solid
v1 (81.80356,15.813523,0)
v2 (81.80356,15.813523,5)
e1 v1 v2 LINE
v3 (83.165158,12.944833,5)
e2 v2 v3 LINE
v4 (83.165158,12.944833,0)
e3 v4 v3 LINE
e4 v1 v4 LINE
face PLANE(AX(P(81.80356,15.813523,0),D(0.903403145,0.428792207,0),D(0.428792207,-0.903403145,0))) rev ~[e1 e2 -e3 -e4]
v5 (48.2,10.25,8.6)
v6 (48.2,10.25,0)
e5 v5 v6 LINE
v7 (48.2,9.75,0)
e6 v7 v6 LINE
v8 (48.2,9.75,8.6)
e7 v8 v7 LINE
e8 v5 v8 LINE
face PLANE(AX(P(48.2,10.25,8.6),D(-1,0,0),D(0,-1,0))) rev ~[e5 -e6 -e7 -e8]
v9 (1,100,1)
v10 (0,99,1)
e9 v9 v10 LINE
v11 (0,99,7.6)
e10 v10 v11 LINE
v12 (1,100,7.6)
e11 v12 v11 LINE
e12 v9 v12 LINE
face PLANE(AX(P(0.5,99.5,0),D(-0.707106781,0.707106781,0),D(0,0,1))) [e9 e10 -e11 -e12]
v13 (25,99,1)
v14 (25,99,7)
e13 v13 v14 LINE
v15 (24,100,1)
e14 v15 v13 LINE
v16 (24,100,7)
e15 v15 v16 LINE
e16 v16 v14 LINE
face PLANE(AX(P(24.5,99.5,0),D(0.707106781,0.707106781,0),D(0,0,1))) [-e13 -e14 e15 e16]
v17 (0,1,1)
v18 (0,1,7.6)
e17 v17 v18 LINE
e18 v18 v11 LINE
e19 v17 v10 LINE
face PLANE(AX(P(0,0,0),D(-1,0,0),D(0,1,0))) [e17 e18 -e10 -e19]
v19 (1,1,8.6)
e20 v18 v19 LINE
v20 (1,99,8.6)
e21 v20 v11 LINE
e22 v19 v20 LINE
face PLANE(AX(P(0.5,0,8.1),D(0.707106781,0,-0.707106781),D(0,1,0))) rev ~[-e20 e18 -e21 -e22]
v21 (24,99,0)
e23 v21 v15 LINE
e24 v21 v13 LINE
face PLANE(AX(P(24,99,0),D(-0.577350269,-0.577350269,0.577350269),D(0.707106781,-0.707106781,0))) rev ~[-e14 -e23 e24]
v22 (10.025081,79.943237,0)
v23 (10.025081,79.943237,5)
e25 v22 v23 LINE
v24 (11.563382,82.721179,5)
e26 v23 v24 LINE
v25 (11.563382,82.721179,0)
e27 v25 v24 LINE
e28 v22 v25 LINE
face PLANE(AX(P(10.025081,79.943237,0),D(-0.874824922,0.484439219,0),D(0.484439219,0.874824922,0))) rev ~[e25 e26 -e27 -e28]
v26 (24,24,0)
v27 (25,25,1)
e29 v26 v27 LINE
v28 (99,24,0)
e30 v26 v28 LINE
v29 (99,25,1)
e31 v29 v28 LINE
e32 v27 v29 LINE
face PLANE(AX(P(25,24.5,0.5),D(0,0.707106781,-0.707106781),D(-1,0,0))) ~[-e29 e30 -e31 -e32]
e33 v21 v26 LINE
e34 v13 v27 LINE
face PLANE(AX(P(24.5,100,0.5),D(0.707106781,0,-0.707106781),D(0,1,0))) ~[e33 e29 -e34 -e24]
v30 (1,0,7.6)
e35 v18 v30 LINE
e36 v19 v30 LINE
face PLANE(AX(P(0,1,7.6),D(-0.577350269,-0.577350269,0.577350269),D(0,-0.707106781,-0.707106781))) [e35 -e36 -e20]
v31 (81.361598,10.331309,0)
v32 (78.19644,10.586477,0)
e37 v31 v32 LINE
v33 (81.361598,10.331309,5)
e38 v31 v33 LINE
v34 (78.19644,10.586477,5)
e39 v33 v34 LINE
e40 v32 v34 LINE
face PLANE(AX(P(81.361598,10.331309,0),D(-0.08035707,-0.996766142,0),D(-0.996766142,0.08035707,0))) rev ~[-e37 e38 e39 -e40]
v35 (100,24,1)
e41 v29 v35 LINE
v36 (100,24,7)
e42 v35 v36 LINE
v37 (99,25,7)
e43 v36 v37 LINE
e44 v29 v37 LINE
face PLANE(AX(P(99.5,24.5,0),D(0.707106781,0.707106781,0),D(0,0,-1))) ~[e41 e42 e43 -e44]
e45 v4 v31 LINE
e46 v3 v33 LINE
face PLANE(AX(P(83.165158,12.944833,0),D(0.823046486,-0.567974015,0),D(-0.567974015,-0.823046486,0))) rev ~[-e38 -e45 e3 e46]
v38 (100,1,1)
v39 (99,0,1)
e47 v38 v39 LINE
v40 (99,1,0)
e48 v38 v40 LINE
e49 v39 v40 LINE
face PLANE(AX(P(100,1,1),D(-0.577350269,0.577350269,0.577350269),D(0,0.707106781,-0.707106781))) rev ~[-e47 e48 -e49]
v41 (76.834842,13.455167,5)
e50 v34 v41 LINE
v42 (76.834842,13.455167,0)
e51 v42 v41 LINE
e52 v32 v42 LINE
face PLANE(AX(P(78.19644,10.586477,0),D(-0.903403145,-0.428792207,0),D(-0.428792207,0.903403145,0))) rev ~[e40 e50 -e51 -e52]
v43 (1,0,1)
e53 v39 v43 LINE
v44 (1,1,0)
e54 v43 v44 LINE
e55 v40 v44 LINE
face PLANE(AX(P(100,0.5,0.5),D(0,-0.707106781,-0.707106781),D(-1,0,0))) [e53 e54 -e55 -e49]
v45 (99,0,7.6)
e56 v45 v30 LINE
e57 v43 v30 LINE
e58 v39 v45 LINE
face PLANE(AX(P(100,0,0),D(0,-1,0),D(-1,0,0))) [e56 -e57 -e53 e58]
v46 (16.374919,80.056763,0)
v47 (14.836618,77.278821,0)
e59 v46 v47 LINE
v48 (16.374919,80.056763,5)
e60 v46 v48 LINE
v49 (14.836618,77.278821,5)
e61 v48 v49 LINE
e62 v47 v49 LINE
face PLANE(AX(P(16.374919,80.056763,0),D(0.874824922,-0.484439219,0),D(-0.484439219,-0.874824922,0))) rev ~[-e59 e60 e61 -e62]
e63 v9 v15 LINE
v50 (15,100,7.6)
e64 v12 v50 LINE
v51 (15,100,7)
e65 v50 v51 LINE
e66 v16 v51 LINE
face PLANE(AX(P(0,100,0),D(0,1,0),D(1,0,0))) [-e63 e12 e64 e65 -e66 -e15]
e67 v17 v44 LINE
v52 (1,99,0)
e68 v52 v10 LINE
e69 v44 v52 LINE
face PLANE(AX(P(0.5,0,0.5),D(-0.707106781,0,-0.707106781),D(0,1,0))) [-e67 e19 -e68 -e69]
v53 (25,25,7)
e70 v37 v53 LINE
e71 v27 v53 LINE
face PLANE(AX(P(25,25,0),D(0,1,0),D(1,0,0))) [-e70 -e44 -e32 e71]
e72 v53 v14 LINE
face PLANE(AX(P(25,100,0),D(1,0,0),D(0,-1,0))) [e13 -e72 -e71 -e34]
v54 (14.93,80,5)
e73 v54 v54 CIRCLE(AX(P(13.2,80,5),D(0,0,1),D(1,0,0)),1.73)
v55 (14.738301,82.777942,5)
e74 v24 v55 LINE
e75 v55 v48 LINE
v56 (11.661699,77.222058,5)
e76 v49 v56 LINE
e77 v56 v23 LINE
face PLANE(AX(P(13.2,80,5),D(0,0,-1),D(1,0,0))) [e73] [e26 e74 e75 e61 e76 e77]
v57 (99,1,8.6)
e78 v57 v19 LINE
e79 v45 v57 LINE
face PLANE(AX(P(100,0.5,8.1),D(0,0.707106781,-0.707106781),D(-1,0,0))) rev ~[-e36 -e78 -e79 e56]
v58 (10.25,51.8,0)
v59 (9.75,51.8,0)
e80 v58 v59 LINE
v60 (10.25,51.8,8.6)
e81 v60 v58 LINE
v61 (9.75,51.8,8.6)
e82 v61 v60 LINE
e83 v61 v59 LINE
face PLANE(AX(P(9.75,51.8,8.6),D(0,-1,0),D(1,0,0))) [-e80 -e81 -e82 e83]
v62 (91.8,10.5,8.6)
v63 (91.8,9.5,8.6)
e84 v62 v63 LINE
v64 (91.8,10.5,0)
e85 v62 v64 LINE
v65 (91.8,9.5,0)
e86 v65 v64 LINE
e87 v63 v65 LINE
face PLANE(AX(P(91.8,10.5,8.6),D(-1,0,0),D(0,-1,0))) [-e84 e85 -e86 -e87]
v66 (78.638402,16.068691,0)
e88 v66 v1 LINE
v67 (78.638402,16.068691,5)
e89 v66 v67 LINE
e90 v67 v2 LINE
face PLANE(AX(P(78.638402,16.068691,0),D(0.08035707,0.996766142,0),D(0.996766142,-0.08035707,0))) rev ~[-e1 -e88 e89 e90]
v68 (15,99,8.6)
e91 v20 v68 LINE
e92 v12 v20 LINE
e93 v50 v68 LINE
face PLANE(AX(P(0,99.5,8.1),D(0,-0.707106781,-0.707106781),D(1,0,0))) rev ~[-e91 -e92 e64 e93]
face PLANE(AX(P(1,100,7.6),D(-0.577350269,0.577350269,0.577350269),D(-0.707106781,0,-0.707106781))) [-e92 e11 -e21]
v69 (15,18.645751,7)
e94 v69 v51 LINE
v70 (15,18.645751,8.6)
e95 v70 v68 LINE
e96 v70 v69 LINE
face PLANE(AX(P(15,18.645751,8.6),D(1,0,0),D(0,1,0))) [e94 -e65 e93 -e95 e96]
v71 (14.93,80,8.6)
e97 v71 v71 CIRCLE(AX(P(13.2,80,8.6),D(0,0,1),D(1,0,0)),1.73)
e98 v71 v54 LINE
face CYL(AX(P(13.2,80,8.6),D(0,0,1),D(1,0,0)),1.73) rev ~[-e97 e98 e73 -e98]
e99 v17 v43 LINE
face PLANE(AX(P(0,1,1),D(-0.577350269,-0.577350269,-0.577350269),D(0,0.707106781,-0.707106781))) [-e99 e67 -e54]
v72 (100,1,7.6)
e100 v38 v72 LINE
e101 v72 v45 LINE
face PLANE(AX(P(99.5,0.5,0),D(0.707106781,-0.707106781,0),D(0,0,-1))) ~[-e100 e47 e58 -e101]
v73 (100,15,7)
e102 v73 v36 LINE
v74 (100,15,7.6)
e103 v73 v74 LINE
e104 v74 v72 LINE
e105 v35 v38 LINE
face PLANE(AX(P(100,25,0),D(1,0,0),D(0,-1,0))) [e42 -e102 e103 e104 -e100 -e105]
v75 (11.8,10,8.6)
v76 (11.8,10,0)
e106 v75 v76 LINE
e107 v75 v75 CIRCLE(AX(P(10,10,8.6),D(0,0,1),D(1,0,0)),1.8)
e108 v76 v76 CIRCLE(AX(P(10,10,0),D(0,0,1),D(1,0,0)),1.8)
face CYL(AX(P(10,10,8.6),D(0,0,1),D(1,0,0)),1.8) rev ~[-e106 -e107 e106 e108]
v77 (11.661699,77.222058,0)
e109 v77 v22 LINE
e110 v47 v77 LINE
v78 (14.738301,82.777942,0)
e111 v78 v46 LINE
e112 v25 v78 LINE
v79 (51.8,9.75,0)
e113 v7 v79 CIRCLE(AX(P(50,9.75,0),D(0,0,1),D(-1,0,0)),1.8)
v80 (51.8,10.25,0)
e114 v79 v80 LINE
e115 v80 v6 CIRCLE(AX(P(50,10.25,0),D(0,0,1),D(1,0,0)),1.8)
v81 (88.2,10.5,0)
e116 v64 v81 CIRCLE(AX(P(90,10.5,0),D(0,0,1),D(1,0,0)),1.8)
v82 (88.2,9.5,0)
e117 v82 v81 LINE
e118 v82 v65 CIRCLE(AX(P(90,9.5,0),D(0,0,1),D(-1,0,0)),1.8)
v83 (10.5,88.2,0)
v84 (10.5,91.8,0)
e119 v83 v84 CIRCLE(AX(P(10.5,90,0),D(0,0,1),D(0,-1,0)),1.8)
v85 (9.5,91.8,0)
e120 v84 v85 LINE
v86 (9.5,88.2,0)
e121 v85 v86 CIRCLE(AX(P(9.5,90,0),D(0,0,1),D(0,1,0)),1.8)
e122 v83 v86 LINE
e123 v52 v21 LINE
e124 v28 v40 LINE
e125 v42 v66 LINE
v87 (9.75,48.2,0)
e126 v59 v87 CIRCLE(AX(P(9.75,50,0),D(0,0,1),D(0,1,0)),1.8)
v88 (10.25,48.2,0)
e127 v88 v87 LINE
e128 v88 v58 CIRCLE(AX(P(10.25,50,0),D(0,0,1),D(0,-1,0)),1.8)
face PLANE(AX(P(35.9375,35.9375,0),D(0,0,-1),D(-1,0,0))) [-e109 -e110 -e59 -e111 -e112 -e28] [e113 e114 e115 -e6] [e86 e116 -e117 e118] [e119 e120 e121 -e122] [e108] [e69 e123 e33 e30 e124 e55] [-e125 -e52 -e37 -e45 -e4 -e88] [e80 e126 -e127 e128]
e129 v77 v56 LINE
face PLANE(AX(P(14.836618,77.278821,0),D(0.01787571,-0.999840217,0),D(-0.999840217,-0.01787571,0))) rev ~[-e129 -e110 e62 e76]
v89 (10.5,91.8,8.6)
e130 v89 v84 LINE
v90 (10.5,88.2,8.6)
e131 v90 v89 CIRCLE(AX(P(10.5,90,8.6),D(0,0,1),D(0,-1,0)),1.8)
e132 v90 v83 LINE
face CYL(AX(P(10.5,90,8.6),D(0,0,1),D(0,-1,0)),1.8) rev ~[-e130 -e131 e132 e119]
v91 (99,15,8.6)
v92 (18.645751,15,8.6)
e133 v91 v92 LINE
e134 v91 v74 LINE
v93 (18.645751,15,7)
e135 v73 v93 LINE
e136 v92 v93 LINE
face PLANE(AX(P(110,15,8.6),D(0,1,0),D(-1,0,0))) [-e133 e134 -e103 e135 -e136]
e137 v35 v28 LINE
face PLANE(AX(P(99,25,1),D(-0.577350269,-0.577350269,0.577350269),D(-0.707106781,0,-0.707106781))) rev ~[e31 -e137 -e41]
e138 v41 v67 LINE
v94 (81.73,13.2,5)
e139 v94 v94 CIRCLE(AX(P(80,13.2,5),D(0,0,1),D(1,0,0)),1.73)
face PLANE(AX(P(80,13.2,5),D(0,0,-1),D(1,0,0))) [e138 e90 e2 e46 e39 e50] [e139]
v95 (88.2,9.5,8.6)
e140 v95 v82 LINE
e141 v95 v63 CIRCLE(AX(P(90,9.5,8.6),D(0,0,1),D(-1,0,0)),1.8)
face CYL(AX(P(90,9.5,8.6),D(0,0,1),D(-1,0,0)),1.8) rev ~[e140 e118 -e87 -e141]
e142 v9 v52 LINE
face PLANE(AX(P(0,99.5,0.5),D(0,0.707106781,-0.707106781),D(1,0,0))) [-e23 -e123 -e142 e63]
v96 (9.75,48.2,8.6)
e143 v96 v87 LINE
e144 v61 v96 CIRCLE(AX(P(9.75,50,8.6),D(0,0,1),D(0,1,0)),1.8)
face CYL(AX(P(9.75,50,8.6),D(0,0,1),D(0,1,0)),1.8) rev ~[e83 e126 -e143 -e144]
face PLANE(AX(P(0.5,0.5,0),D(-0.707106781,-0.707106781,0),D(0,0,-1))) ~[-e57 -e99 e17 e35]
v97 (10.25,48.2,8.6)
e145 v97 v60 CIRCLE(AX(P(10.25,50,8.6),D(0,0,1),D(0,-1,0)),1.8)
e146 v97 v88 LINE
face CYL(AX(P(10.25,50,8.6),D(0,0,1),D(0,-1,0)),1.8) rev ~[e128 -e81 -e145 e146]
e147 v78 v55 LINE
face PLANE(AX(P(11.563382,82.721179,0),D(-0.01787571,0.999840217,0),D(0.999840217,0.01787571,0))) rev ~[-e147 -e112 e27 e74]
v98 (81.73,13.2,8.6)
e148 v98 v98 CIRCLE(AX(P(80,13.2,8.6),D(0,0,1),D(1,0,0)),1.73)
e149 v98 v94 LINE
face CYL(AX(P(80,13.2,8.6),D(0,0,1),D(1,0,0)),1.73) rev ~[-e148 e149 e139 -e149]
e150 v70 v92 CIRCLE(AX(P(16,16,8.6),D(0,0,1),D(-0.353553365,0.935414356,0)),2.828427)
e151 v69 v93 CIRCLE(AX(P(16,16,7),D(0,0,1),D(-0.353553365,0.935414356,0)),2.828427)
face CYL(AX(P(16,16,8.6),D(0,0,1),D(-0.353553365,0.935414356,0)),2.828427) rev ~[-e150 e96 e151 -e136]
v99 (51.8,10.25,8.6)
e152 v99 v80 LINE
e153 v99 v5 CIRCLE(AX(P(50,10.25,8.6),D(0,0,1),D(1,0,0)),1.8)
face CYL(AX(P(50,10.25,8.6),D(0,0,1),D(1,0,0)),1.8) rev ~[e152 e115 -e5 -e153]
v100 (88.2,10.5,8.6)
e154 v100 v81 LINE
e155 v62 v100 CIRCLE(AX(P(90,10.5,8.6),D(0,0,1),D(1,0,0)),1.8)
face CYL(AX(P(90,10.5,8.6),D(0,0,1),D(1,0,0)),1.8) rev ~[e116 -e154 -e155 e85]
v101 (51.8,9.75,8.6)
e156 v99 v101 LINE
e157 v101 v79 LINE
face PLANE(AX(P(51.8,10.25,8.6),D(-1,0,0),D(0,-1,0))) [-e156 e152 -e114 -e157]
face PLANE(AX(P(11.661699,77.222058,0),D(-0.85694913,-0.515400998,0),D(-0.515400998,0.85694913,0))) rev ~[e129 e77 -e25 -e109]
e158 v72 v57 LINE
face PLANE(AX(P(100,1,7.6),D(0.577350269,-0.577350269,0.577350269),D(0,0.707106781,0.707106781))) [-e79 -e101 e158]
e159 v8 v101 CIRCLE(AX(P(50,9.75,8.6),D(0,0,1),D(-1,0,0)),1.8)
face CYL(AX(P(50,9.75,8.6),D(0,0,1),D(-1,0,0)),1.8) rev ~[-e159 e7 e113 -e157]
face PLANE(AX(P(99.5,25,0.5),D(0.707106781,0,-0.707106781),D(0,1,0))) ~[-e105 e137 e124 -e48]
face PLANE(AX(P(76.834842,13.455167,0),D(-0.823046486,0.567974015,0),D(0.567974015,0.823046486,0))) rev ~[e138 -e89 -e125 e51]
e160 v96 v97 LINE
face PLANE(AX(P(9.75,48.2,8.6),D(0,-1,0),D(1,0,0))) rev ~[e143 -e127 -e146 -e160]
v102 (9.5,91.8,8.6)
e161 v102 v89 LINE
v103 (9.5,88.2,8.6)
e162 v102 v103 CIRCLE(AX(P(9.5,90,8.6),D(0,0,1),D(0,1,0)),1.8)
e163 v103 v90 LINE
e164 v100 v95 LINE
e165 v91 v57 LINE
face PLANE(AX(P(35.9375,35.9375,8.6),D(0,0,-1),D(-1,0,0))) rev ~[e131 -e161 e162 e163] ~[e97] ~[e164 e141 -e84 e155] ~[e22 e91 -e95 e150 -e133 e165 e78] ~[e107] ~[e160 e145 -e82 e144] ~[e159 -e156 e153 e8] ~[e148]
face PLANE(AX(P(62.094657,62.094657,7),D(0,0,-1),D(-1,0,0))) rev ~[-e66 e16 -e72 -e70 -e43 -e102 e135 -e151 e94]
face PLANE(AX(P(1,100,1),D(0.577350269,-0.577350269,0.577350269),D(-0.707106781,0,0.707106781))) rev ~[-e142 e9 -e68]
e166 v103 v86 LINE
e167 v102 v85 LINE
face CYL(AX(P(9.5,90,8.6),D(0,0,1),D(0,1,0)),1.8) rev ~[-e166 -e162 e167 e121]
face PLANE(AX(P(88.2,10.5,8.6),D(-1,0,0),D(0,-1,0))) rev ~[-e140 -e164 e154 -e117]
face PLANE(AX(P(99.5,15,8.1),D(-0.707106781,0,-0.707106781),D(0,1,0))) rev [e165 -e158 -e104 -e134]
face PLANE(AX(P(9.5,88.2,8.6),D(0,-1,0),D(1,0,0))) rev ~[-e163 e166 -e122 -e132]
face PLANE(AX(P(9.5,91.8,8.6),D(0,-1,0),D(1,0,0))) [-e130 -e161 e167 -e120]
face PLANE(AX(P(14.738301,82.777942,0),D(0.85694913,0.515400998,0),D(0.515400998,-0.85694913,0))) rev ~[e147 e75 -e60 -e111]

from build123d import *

# Parameters (mm, degrees)
PAD_DEPTH       = 8.6
SKETCH001_R     = 1.8
SKETCH001_R_2   = 1.73
POCKET_DEPTH    = 8.601
POCKET001_DEPTH = 1.6
POCKET002_DEPTH = 5
CHAMFER_SIZE    = 1


with BuildPart() as part:
    # Sketch → Pad (new body)
    with BuildSketch(Plane.XY):
        Polygon((0, 0), (0, 100), (25, 100), (25, 25), (100, 25), (100, 0), align=None)
    extrude(amount=PAD_DEPTH)

    # Sketch001 → Pocket (cut, through all)
    with BuildSketch(Plane.XY.offset(8.6)):
        with Locations((10, 10)):
            Circle(SKETCH001_R)
        with Locations((80, 13.2)):
            Circle(SKETCH001_R_2)
        with Locations((13.2, 80)):
            Circle(SKETCH001_R_2)
        with BuildLine():
            ThreePointArc((9.75, 51.8), (7.95, 50), (9.75, 48.2))
            Line((9.75, 48.2), (10.25, 48.2))
            ThreePointArc((10.25, 48.2), (12.05, 50), (10.25, 51.8))
            Line((9.75, 51.8), (10.25, 51.8))
        make_face()
        with BuildLine():
            ThreePointArc((9.5, 91.8), (7.7, 90), (9.5, 88.2))
            Line((9.5, 88.2), (10.5, 88.2))
            ThreePointArc((10.5, 88.2), (12.3, 90), (10.5, 91.8))
            Line((9.5, 91.8), (10.5, 91.8))
        make_face()
        with BuildLine():
            ThreePointArc((51.8, 10.25), (50, 12.05), (48.2, 10.25))
            Line((48.2, 10.25), (48.2, 9.75))
            ThreePointArc((48.2, 9.75), (50, 7.95), (51.8, 9.75))
            Line((51.8, 10.25), (51.8, 9.75))
        make_face()
        with BuildLine():
            ThreePointArc((91.8, 10.5), (90, 12.3), (88.2, 10.5))
            Line((88.2, 10.5), (88.2, 9.5))
            ThreePointArc((88.2, 9.5), (90, 7.7), (91.8, 9.5))
            Line((91.8, 10.5), (91.8, 9.5))
        make_face()
    extrude(amount=-POCKET_DEPTH, mode=Mode.SUBTRACT)

    # Sketch002 → Pocket001 (cut)
    with BuildSketch(Plane.XY.offset(8.6)):
        with BuildLine():
            Line((15, 110), (110, 110))
            Line((110, 110), (110, 15))
            Line((110, 15), (18.645751, 15))
            ThreePointArc((15, 18.645751), (14, 14), (18.645751, 15))
            Line((15, 18.645751), (15, 110))
        make_face()
    extrude(amount=-POCKET001_DEPTH, mode=Mode.SUBTRACT)

    # Sketch003 → Pocket002 (cut)
    with BuildSketch(Plane(origin=(0, 0, 0), x_dir=(1, 0, 0), z_dir=(0, 0, -1))):
        Polygon((81.80356, -15.813523), (83.165158, -12.944833), (81.361598, -10.331309), (78.19644, -10.586477), (76.834842, -13.455167), (78.638402, -16.068691), align=None)
        Polygon((16.374919, -80.056763), (14.836618, -77.278821), (11.661699, -77.222058), (10.025081, -79.943237), (11.563382, -82.721179), (14.738301, -82.777942), align=None)
    extrude(amount=-POCKET002_DEPTH, mode=Mode.SUBTRACT)

    # Chamfer
    chamfer_edges = [part.edges().sort_by_distance(p)[0] for p in [
        (50, 0, 8.6),
        (0, 50, 8.6),
        (50, 0, 0),
        (0, 0, 4.3),
        (100, 0, 4.3),
        (100, 7.5, 8.6),
        (100, 12.5, 0),
        (100, 25, 3.5),
        (25, 100, 3.5),
        (7.5, 100, 8.6),
        (0, 50, 0),
        (12.5, 100, 0),
        (25, 62.5, 0),
        (62.5, 25, 0),
        (0, 100, 4.3),
    ]]
    chamfer(chamfer_edges, length=CHAMFER_SIZE)


solid = part.part
